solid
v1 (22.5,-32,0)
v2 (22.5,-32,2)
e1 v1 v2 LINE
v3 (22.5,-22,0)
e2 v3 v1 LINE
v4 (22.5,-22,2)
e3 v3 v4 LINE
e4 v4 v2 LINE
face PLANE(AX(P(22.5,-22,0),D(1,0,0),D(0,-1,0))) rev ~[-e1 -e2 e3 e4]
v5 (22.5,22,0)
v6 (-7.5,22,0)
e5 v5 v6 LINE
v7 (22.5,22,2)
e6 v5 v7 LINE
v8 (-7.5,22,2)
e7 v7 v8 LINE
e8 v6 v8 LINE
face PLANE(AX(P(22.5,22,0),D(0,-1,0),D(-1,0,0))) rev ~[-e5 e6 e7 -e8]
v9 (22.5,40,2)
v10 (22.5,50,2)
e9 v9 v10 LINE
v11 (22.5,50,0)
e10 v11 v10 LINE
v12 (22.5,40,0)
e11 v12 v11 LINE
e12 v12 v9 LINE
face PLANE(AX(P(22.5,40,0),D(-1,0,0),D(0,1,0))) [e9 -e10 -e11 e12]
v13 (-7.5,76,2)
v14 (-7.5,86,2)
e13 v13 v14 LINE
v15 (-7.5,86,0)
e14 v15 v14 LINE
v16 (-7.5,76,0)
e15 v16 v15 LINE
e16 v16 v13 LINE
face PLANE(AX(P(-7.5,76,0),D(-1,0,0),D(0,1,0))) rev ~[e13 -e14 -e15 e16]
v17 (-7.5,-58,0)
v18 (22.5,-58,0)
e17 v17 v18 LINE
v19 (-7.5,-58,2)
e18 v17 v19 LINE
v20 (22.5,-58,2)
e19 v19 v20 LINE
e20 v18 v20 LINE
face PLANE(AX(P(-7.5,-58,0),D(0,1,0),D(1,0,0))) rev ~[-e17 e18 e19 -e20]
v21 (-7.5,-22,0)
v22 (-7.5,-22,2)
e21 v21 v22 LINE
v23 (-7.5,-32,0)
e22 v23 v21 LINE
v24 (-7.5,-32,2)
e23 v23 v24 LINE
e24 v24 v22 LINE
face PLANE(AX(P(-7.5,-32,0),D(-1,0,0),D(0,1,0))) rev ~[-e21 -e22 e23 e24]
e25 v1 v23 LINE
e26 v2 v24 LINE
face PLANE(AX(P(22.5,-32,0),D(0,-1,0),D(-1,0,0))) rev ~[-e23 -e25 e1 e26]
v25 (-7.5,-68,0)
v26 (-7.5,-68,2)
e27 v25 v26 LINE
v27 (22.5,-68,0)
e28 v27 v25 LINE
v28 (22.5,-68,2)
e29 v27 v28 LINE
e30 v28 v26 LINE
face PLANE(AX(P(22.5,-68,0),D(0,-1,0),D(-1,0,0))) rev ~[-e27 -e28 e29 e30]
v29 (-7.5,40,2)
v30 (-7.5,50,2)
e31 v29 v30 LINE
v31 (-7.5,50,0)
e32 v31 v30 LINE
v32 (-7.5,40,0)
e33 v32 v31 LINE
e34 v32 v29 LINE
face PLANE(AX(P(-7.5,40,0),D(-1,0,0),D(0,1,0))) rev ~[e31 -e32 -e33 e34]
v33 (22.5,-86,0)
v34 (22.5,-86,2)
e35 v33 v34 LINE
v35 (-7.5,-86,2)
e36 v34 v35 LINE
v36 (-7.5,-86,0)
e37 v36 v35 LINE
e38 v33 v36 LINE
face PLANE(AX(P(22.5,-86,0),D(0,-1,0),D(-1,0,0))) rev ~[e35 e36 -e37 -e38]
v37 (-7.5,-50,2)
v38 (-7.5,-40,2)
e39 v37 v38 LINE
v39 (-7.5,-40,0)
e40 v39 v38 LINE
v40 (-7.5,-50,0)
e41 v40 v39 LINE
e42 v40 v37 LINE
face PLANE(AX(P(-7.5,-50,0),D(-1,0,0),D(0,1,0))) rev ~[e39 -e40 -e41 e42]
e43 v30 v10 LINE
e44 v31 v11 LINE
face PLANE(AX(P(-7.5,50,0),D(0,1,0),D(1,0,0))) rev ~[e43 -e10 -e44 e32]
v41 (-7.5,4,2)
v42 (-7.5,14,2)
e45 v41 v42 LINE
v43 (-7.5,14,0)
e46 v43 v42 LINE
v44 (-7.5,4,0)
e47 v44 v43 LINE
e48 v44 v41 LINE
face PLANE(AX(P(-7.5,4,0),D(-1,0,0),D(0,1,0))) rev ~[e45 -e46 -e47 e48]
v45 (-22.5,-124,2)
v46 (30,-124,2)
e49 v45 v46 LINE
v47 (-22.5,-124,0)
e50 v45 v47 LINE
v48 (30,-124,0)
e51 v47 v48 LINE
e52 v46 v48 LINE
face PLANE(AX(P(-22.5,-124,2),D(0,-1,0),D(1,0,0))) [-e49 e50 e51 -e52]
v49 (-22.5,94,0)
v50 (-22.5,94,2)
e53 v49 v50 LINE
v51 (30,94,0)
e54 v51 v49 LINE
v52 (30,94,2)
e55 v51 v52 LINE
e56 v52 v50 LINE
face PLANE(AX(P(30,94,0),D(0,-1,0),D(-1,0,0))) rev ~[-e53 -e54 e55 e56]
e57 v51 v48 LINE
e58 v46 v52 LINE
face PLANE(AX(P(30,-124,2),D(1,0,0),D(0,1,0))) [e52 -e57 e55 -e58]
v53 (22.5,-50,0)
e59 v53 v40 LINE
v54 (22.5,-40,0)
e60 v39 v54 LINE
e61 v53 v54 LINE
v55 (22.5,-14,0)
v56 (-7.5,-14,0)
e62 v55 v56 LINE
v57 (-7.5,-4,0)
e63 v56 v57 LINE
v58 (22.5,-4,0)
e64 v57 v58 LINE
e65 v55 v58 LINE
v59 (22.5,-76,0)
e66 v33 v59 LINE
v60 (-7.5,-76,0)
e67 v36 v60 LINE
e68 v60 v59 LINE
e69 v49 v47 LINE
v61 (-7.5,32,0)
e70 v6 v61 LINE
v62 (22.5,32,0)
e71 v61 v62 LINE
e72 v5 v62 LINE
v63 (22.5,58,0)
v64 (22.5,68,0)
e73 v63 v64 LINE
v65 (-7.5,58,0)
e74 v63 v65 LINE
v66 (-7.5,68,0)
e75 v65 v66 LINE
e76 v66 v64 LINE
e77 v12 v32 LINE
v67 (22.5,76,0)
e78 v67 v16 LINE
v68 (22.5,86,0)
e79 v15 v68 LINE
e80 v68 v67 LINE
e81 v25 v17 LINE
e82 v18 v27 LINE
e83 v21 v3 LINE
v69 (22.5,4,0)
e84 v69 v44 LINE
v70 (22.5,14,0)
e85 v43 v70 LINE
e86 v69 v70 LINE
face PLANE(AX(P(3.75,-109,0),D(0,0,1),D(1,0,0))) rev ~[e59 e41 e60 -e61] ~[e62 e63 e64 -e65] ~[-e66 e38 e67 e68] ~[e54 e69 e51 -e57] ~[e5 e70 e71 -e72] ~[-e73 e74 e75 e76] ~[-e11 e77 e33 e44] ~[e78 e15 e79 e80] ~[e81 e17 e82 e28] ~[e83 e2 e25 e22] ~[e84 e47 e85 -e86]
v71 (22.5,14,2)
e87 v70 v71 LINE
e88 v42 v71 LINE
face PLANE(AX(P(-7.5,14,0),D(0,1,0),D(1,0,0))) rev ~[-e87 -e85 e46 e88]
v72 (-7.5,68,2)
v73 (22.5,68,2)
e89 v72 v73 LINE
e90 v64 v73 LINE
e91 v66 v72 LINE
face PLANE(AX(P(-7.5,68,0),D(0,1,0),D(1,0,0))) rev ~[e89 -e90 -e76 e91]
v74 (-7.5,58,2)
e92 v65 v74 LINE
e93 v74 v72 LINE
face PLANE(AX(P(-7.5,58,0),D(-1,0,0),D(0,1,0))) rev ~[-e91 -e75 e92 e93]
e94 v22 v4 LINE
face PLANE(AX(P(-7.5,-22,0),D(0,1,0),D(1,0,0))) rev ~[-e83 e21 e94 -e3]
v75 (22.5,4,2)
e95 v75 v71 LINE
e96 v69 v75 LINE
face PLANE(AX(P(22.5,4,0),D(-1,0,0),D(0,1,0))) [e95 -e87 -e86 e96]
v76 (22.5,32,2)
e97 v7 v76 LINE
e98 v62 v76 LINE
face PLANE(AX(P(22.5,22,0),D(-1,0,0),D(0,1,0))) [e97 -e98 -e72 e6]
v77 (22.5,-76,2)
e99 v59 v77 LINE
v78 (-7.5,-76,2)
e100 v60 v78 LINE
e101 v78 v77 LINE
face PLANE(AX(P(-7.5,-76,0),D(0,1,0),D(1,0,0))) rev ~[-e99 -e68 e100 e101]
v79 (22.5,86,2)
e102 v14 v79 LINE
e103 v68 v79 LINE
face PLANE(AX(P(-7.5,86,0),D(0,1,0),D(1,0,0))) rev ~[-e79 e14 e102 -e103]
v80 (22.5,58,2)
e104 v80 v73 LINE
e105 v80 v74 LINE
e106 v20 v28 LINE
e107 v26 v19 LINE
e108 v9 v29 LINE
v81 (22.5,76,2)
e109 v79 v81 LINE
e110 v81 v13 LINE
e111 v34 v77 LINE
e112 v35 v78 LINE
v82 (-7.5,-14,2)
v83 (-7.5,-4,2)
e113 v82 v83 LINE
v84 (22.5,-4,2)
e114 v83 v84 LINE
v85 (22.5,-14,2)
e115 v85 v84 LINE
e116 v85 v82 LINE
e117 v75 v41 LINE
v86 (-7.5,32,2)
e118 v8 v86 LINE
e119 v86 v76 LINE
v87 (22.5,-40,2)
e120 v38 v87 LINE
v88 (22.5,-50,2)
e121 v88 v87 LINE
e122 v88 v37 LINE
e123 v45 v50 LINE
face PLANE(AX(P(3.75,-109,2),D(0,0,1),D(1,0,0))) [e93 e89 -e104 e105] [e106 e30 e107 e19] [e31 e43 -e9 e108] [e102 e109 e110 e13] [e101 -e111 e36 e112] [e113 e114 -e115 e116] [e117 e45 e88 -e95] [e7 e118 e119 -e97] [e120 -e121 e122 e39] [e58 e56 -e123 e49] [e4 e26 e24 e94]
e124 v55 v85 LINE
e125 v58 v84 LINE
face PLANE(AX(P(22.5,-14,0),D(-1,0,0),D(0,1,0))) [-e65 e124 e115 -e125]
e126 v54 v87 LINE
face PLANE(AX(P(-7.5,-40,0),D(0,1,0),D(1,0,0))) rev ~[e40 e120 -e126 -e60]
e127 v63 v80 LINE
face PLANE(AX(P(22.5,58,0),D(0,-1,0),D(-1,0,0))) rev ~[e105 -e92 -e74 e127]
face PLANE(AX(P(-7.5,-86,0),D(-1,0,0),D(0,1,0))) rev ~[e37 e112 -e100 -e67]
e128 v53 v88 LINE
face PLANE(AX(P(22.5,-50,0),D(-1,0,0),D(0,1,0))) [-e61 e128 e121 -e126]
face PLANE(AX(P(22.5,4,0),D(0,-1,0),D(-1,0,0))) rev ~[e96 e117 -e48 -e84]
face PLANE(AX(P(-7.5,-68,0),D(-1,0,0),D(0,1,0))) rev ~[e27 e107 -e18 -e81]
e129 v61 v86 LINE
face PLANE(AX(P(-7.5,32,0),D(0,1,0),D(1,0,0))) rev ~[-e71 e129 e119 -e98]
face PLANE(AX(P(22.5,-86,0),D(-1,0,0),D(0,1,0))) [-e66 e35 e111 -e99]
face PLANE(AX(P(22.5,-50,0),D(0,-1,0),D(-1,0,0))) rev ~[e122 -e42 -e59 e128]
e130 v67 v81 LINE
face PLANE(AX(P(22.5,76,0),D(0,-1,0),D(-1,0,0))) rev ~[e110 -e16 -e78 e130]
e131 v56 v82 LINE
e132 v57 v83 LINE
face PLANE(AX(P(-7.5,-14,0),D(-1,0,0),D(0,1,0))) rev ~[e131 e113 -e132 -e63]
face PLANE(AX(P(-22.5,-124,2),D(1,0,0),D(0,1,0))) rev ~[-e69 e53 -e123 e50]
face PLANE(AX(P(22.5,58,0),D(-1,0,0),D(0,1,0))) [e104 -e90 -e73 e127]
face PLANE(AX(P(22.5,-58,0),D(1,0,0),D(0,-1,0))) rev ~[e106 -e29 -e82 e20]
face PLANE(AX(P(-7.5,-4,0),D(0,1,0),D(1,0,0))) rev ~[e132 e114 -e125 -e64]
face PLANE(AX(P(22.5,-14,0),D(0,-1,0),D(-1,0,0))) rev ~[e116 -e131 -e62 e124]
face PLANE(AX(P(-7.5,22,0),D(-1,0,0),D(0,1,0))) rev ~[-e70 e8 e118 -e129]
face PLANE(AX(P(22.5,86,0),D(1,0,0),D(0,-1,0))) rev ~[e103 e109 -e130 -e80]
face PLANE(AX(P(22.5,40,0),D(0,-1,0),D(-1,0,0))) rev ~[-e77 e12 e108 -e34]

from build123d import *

# Parameters (mm, degrees)
SKETCH2_W           = 15
SKETCH2_H           = 8
SKETCH2_W_2         = 30
SKETCH2_W_3         = 7.5
SKETCH2_H_2         = 10
BOSS_EXTRUDE1_DEPTH = 2
SKETCH3_W           = 52.5
SKETCH3_H           = 30
BOSS_EXTRUDE2_DEPTH = 2


with BuildPart() as part:
    # Sketch2 → Boss-Extrude1 (new body)
    with BuildSketch(Plane.XY):
        with Locations((-15, 90)):
            Rectangle(SKETCH2_W, SKETCH2_H)
        with Locations((7.5, 90)):
            Rectangle(SKETCH2_W_2, SKETCH2_H)
        with Locations((26.25, 90)):
            Rectangle(SKETCH2_W_3, SKETCH2_H)
        with Locations((26.25, 81)):
            Rectangle(SKETCH2_W_3, SKETCH2_H_2)
        with Locations((26.25, 72)):
            Rectangle(SKETCH2_W_3, SKETCH2_H)
        with Locations((7.5, 72)):
            Rectangle(SKETCH2_W_2, SKETCH2_H)
        with Locations((-15, 72)):
            Rectangle(SKETCH2_W, SKETCH2_H)
        with Locations((-15, 81)):
            Rectangle(SKETCH2_W, SKETCH2_H_2)
        with Locations((-15, 63)):
            Rectangle(SKETCH2_W, SKETCH2_H_2)
        with Locations((-15, 54)):
            Rectangle(SKETCH2_W, SKETCH2_H)
        with Locations((7.5, 54)):
            Rectangle(SKETCH2_W_2, SKETCH2_H)
        with Locations((26.25, 54)):
            Rectangle(SKETCH2_W_3, SKETCH2_H)
        with Locations((26.25, 63)):
            Rectangle(SKETCH2_W_3, SKETCH2_H_2)
        with Locations((-15, 45)):
            Rectangle(SKETCH2_W, SKETCH2_H_2)
        with Locations((-15, 36)):
            Rectangle(SKETCH2_W, SKETCH2_H)
        with Locations((-15, 27)):
            Rectangle(SKETCH2_W, SKETCH2_H_2)
        with Locations((-15, -90)):
            Rectangle(SKETCH2_W, SKETCH2_H)
        with Locations((7.5, -90)):
            Rectangle(SKETCH2_W_2, SKETCH2_H)
        with Locations((26.25, -90)):
            Rectangle(SKETCH2_W_3, SKETCH2_H)
        with Locations((26.25, -81)):
            Rectangle(SKETCH2_W_3, SKETCH2_H_2)
        with Locations((-15, -81)):
            Rectangle(SKETCH2_W, SKETCH2_H_2)
        with Locations((-15, -72)):
            Rectangle(SKETCH2_W, SKETCH2_H)
        with Locations((7.5, -72)):
            Rectangle(SKETCH2_W_2, SKETCH2_H)
        with Locations((26.25, -72)):
            Rectangle(SKETCH2_W_3, SKETCH2_H)
        with Locations((26.25, -63)):
            Rectangle(SKETCH2_W_3, SKETCH2_H_2)
        with Locations((26.25, -54)):
            Rectangle(SKETCH2_W_3, SKETCH2_H)
        with Locations((7.5, -54)):
            Rectangle(SKETCH2_W_2, SKETCH2_H)
        with Locations((-15, -54)):
            Rectangle(SKETCH2_W, SKETCH2_H)
        with Locations((-15, -63)):
            Rectangle(SKETCH2_W, SKETCH2_H_2)
        with Locations((-15, -45)):
            Rectangle(SKETCH2_W, SKETCH2_H_2)
        with Locations((-15, -36)):
            Rectangle(SKETCH2_W, SKETCH2_H)
        with Locations((-15, -27)):
            Rectangle(SKETCH2_W, SKETCH2_H_2)
        with Locations((-15, -18)):
            Rectangle(SKETCH2_W, SKETCH2_H)
        with Locations((-15, -9)):
            Rectangle(SKETCH2_W, SKETCH2_H_2)
        with Locations((7.5, -36)):
            Rectangle(SKETCH2_W_2, SKETCH2_H)
        with Locations((26.25, -36)):
            Rectangle(SKETCH2_W_3, SKETCH2_H)
        with Locations((26.25, -45)):
            Rectangle(SKETCH2_W_3, SKETCH2_H_2)
        with Locations((26.25, -27)):
            Rectangle(SKETCH2_W_3, SKETCH2_H_2)
        with Locations((26.25, -18)):
            Rectangle(SKETCH2_W_3, SKETCH2_H)
        with Locations((7.5, -18)):
            Rectangle(SKETCH2_W_2, SKETCH2_H)
        with Locations((26.25, -9)):
            Rectangle(SKETCH2_W_3, SKETCH2_H_2)
        with Locations((-15, 0)):
            Rectangle(SKETCH2_W, SKETCH2_H)
        with Locations((7.5, 0)):
            Rectangle(SKETCH2_W_2, SKETCH2_H)
        with Locations((26.25, 0)):
            Rectangle(SKETCH2_W_3, SKETCH2_H)
        with Locations((26.25, 9)):
            Rectangle(SKETCH2_W_3, SKETCH2_H_2)
        with Locations((-15, 9)):
            Rectangle(SKETCH2_W, SKETCH2_H_2)
        with Locations((-15, 18)):
            Rectangle(SKETCH2_W, SKETCH2_H)
        with Locations((7.5, 36)):
            Rectangle(SKETCH2_W_2, SKETCH2_H)
        with Locations((7.5, 18)):
            Rectangle(SKETCH2_W_2, SKETCH2_H)
        with Locations((26.25, 18)):
            Rectangle(SKETCH2_W_3, SKETCH2_H)
        with Locations((26.25, 27)):
            Rectangle(SKETCH2_W_3, SKETCH2_H_2)
        with Locations((26.25, 36)):
            Rectangle(SKETCH2_W_3, SKETCH2_H)
        with Locations((26.25, 45)):
            Rectangle(SKETCH2_W_3, SKETCH2_H_2)
    extrude(amount=BOSS_EXTRUDE1_DEPTH)

    # Sketch3 → Boss-Extrude2 (add)
    with BuildSketch(Plane.XY.offset(2)):
        with Locations((3.75, -109)):
            Rectangle(SKETCH3_W, SKETCH3_H)
    extrude(amount=-BOSS_EXTRUDE2_DEPTH)


solid = part.part
